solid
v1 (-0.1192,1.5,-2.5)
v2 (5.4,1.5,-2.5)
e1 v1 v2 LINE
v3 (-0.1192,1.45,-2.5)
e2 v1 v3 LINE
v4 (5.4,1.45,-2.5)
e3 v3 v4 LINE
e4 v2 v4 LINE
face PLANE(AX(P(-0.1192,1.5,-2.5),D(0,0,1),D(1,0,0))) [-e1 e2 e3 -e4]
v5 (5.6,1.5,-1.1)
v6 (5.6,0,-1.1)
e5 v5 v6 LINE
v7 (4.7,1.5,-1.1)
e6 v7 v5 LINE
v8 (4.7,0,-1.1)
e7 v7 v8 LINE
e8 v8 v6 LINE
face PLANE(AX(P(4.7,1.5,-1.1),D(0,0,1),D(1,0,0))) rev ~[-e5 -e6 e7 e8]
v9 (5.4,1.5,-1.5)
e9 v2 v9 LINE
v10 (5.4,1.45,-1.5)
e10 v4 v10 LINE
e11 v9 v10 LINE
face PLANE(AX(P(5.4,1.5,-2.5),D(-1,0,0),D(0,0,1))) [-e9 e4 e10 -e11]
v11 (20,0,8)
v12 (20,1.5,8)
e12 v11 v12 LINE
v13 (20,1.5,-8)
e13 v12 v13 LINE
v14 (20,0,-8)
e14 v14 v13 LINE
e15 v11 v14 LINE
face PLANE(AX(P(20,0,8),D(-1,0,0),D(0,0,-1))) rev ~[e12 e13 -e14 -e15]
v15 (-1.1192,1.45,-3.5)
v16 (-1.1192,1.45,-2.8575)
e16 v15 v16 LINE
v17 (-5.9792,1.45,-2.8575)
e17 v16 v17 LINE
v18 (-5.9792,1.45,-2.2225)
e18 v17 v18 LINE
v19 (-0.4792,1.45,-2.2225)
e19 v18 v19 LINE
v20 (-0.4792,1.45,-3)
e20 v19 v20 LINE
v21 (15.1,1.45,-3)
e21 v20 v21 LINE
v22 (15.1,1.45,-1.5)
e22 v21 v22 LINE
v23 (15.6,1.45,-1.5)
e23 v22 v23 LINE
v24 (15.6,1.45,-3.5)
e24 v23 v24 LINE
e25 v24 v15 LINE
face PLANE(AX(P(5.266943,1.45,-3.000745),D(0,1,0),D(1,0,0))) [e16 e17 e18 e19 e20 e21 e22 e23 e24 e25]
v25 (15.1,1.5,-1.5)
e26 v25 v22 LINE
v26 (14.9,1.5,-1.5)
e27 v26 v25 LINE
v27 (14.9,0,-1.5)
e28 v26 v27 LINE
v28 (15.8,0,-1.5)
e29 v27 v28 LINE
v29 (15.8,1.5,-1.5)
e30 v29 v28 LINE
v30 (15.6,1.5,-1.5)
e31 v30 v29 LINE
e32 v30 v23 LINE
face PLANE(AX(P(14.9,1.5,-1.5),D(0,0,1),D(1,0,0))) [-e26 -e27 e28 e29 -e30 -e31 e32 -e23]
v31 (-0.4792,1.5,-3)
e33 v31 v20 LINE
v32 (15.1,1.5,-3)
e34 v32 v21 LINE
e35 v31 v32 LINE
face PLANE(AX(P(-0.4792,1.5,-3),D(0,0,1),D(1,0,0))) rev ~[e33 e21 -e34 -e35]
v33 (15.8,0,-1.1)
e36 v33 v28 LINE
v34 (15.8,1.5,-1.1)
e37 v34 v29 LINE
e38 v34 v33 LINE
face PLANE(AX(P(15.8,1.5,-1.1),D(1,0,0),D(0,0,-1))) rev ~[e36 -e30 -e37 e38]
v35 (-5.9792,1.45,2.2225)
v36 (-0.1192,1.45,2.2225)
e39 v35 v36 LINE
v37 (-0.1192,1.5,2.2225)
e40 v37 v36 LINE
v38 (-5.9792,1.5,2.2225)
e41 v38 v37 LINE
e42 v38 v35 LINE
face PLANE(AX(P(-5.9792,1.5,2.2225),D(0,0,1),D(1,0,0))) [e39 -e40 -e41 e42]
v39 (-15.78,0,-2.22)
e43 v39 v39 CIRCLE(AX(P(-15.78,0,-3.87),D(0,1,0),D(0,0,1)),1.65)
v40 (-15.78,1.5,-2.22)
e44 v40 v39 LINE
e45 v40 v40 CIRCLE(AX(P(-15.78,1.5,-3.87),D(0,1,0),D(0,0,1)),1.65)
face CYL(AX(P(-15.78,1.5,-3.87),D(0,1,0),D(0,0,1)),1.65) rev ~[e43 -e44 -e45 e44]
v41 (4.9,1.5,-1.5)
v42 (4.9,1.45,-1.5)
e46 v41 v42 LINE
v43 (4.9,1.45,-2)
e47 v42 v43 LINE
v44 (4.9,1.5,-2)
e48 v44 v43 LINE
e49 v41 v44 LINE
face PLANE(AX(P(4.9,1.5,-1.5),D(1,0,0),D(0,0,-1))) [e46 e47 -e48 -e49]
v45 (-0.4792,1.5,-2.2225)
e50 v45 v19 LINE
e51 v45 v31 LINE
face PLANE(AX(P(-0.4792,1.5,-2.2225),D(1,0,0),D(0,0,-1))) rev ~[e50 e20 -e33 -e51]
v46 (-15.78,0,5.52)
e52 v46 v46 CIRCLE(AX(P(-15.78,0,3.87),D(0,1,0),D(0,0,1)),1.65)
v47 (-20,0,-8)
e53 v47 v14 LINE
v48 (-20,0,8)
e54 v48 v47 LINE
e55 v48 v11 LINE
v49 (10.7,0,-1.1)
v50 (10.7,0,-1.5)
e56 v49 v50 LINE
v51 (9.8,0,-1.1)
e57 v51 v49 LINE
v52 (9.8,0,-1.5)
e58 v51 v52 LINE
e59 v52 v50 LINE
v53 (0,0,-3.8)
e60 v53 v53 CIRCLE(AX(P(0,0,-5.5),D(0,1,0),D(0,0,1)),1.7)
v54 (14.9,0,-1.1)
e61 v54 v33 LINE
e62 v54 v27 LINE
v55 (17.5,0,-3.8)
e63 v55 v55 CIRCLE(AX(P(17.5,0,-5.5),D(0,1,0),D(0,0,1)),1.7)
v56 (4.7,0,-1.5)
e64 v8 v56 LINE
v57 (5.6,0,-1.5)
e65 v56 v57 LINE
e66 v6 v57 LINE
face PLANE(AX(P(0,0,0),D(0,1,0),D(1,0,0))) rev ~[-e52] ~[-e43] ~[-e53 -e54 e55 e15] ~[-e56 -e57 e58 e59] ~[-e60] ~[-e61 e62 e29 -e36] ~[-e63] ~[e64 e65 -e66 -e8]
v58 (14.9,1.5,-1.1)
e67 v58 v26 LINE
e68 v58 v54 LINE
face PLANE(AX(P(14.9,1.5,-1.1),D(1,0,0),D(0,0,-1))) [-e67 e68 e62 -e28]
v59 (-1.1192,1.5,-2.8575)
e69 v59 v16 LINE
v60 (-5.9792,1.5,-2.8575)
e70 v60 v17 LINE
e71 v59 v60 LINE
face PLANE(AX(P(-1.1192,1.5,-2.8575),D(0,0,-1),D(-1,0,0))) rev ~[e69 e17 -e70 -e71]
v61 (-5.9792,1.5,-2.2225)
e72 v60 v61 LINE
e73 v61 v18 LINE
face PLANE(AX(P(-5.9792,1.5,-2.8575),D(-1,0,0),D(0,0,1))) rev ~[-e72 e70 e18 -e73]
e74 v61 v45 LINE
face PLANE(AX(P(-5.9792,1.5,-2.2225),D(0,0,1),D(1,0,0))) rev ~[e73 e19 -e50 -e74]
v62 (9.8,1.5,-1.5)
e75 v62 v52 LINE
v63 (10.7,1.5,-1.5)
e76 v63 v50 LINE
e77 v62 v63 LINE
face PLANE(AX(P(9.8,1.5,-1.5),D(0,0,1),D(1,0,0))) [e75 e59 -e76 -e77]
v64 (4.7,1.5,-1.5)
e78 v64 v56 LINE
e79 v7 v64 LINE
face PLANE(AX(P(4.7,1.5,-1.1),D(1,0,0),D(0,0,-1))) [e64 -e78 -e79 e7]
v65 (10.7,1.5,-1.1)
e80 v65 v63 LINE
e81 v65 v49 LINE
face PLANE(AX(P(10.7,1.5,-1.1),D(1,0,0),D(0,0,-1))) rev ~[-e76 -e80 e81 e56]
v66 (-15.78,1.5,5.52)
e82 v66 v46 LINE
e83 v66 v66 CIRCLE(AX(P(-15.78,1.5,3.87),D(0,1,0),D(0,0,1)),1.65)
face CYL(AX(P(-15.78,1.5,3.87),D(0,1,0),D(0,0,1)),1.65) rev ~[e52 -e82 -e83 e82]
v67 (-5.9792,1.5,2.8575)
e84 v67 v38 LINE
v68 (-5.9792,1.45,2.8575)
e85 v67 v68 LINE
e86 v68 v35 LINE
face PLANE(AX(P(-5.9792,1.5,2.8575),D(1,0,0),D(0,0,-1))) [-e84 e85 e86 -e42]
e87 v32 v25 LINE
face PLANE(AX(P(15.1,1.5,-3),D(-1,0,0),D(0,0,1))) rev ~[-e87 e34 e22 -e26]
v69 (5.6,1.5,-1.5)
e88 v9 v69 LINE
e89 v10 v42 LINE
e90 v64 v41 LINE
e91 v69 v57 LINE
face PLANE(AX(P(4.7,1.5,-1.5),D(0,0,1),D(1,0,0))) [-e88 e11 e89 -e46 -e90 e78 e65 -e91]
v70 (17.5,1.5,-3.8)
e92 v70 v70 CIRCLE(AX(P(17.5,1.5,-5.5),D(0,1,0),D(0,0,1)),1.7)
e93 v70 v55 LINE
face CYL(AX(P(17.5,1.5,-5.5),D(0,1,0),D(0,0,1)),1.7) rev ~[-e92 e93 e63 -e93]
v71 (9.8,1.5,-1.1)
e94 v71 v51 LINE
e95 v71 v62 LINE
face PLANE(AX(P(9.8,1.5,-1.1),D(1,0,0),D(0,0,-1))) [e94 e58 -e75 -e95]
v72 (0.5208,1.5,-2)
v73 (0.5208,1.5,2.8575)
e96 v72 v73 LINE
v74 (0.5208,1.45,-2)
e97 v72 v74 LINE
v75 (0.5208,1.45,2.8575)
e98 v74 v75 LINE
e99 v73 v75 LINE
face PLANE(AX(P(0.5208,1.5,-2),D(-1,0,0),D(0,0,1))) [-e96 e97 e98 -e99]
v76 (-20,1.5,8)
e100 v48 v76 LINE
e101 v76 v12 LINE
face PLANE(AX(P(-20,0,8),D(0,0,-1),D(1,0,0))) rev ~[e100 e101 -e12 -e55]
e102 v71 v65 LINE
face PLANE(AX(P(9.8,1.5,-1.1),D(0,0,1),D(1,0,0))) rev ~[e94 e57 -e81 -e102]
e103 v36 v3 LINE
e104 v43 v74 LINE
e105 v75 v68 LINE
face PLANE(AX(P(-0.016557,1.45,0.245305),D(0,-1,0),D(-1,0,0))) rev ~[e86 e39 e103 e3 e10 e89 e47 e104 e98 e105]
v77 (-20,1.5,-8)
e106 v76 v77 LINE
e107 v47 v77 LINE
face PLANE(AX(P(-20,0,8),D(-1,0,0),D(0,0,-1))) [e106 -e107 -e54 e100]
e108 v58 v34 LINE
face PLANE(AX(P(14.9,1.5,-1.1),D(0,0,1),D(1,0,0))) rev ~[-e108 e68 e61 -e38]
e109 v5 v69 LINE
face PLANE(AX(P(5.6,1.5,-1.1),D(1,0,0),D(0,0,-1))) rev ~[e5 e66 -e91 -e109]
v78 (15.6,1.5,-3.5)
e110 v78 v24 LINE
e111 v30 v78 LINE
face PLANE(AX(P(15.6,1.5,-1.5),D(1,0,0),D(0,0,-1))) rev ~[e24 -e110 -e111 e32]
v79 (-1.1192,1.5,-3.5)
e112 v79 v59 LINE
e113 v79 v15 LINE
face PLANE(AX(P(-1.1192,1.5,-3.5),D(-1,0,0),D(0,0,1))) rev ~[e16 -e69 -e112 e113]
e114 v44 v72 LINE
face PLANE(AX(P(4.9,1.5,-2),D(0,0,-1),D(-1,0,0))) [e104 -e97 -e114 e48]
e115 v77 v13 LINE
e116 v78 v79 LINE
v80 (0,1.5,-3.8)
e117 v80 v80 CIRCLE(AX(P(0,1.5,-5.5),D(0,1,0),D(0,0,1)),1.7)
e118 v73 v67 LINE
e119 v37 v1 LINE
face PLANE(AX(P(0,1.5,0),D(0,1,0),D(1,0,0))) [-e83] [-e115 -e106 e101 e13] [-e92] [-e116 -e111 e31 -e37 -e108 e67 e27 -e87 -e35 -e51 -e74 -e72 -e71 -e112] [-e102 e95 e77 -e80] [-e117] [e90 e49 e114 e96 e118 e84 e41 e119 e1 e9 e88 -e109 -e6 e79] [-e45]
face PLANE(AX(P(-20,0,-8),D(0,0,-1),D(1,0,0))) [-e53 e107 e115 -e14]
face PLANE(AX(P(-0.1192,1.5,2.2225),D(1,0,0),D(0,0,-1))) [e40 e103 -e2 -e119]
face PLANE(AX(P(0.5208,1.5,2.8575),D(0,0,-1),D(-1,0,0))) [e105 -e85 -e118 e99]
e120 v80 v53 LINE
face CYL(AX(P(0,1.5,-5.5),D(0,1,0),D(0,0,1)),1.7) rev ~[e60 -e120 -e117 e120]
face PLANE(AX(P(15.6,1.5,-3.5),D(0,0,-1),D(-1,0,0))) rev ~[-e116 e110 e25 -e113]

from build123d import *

# Parameters (mm, degrees)
SKETCH1_W           = 40
SKETCH1_H           = 16
BOSS_EXTRUDE1_DEPTH = 1.5
SKETCH2_R           = 1.7
CUT_EXTRUDE1_DEPTH  = 22.592822882
SKETCH3_W           = 0.9
SKETCH3_H           = 0.4
CUT_EXTRUDE2_DEPTH  = 22.592822882
SKETCH5_R           = 1.65
CUT_EXTRUDE4_DEPTH  = 22.592822882
CUT_EXTRUDE5_DEPTH  = 0.05


with BuildPart() as part:
    # Sketch1 → Boss-Extrude1 (new body)
    with BuildSketch(Plane(origin=(0, 0, 0), x_dir=(1, 0, 0), z_dir=(0, 1, 0))):
        Rectangle(SKETCH1_W, SKETCH1_H)
    extrude(amount=BOSS_EXTRUDE1_DEPTH)

    # Sketch2 → Cut-Extrude1 (cut, through all)
    with BuildSketch(Plane(origin=(0, 1.5, 0), x_dir=(1, 0, 0), z_dir=(0, 1, 0))):
        with Locations(Location((0, 5.5, 0), (0, 0, 270))):
            Circle(SKETCH2_R)
        with Locations(Location((17.5, 5.5, 0), (0, 0, 270))):
            Circle(SKETCH2_R)
    extrude(amount=-CUT_EXTRUDE1_DEPTH, mode=Mode.SUBTRACT)

    # Sketch3 → Cut-Extrude2 (cut, through all)
    with BuildSketch(Plane(origin=(0, 1.5, 0), x_dir=(1, 0, 0), z_dir=(0, 1, 0))):
        with Locations((15.35, 1.3)):
            Rectangle(SKETCH3_W, SKETCH3_H)
        with Locations((5.15, 1.3)):
            Rectangle(SKETCH3_W, SKETCH3_H)
        with Locations((10.25, 1.3)):
            Rectangle(SKETCH3_W, SKETCH3_H)
    extrude(amount=-CUT_EXTRUDE2_DEPTH, mode=Mode.SUBTRACT)

    # Sketch5 → Cut-Extrude4 (cut, through all)
    with BuildSketch(Plane(origin=(0, 1.5, 0), x_dir=(1, 0, 0), z_dir=(0, 1, 0))):
        with Locations(Location((-15.78, 3.87, 0), (0, 0, 270))):
            Circle(SKETCH5_R)
        with Locations(Location((-15.78, -3.87, 0), (0, 0, 270))):
            Circle(SKETCH5_R)
    extrude(amount=-CUT_EXTRUDE4_DEPTH, mode=Mode.SUBTRACT)

    # Sketch6 → Cut-Extrude5 (cut)
    with BuildSketch(Plane(origin=(0, 1.5, 0), x_dir=(1, 0, 0), z_dir=(0, 1, 0))):
        Polygon((4.9, 1.5), (4.9, 2), (0.5208, 2), (0.5208, -2.8575), (-5.9792, -2.8575), (-5.9792, -2.2225), (-0.1192, -2.2225), (-0.1192, 2.5), (5.4, 2.5), (5.4, 1.5), align=None)
        Polygon((-5.9792, 2.8575), (-5.9792, 2.2225), (-0.4792, 2.2225), (-0.4792, 3), (15.1, 3), (15.1, 1.5), (15.6, 1.5), (15.6, 3.5), (-1.1192, 3.5), (-1.1192, 2.8575), align=None)
    extrude(amount=-CUT_EXTRUDE5_DEPTH, mode=Mode.SUBTRACT)


solid = part.part
